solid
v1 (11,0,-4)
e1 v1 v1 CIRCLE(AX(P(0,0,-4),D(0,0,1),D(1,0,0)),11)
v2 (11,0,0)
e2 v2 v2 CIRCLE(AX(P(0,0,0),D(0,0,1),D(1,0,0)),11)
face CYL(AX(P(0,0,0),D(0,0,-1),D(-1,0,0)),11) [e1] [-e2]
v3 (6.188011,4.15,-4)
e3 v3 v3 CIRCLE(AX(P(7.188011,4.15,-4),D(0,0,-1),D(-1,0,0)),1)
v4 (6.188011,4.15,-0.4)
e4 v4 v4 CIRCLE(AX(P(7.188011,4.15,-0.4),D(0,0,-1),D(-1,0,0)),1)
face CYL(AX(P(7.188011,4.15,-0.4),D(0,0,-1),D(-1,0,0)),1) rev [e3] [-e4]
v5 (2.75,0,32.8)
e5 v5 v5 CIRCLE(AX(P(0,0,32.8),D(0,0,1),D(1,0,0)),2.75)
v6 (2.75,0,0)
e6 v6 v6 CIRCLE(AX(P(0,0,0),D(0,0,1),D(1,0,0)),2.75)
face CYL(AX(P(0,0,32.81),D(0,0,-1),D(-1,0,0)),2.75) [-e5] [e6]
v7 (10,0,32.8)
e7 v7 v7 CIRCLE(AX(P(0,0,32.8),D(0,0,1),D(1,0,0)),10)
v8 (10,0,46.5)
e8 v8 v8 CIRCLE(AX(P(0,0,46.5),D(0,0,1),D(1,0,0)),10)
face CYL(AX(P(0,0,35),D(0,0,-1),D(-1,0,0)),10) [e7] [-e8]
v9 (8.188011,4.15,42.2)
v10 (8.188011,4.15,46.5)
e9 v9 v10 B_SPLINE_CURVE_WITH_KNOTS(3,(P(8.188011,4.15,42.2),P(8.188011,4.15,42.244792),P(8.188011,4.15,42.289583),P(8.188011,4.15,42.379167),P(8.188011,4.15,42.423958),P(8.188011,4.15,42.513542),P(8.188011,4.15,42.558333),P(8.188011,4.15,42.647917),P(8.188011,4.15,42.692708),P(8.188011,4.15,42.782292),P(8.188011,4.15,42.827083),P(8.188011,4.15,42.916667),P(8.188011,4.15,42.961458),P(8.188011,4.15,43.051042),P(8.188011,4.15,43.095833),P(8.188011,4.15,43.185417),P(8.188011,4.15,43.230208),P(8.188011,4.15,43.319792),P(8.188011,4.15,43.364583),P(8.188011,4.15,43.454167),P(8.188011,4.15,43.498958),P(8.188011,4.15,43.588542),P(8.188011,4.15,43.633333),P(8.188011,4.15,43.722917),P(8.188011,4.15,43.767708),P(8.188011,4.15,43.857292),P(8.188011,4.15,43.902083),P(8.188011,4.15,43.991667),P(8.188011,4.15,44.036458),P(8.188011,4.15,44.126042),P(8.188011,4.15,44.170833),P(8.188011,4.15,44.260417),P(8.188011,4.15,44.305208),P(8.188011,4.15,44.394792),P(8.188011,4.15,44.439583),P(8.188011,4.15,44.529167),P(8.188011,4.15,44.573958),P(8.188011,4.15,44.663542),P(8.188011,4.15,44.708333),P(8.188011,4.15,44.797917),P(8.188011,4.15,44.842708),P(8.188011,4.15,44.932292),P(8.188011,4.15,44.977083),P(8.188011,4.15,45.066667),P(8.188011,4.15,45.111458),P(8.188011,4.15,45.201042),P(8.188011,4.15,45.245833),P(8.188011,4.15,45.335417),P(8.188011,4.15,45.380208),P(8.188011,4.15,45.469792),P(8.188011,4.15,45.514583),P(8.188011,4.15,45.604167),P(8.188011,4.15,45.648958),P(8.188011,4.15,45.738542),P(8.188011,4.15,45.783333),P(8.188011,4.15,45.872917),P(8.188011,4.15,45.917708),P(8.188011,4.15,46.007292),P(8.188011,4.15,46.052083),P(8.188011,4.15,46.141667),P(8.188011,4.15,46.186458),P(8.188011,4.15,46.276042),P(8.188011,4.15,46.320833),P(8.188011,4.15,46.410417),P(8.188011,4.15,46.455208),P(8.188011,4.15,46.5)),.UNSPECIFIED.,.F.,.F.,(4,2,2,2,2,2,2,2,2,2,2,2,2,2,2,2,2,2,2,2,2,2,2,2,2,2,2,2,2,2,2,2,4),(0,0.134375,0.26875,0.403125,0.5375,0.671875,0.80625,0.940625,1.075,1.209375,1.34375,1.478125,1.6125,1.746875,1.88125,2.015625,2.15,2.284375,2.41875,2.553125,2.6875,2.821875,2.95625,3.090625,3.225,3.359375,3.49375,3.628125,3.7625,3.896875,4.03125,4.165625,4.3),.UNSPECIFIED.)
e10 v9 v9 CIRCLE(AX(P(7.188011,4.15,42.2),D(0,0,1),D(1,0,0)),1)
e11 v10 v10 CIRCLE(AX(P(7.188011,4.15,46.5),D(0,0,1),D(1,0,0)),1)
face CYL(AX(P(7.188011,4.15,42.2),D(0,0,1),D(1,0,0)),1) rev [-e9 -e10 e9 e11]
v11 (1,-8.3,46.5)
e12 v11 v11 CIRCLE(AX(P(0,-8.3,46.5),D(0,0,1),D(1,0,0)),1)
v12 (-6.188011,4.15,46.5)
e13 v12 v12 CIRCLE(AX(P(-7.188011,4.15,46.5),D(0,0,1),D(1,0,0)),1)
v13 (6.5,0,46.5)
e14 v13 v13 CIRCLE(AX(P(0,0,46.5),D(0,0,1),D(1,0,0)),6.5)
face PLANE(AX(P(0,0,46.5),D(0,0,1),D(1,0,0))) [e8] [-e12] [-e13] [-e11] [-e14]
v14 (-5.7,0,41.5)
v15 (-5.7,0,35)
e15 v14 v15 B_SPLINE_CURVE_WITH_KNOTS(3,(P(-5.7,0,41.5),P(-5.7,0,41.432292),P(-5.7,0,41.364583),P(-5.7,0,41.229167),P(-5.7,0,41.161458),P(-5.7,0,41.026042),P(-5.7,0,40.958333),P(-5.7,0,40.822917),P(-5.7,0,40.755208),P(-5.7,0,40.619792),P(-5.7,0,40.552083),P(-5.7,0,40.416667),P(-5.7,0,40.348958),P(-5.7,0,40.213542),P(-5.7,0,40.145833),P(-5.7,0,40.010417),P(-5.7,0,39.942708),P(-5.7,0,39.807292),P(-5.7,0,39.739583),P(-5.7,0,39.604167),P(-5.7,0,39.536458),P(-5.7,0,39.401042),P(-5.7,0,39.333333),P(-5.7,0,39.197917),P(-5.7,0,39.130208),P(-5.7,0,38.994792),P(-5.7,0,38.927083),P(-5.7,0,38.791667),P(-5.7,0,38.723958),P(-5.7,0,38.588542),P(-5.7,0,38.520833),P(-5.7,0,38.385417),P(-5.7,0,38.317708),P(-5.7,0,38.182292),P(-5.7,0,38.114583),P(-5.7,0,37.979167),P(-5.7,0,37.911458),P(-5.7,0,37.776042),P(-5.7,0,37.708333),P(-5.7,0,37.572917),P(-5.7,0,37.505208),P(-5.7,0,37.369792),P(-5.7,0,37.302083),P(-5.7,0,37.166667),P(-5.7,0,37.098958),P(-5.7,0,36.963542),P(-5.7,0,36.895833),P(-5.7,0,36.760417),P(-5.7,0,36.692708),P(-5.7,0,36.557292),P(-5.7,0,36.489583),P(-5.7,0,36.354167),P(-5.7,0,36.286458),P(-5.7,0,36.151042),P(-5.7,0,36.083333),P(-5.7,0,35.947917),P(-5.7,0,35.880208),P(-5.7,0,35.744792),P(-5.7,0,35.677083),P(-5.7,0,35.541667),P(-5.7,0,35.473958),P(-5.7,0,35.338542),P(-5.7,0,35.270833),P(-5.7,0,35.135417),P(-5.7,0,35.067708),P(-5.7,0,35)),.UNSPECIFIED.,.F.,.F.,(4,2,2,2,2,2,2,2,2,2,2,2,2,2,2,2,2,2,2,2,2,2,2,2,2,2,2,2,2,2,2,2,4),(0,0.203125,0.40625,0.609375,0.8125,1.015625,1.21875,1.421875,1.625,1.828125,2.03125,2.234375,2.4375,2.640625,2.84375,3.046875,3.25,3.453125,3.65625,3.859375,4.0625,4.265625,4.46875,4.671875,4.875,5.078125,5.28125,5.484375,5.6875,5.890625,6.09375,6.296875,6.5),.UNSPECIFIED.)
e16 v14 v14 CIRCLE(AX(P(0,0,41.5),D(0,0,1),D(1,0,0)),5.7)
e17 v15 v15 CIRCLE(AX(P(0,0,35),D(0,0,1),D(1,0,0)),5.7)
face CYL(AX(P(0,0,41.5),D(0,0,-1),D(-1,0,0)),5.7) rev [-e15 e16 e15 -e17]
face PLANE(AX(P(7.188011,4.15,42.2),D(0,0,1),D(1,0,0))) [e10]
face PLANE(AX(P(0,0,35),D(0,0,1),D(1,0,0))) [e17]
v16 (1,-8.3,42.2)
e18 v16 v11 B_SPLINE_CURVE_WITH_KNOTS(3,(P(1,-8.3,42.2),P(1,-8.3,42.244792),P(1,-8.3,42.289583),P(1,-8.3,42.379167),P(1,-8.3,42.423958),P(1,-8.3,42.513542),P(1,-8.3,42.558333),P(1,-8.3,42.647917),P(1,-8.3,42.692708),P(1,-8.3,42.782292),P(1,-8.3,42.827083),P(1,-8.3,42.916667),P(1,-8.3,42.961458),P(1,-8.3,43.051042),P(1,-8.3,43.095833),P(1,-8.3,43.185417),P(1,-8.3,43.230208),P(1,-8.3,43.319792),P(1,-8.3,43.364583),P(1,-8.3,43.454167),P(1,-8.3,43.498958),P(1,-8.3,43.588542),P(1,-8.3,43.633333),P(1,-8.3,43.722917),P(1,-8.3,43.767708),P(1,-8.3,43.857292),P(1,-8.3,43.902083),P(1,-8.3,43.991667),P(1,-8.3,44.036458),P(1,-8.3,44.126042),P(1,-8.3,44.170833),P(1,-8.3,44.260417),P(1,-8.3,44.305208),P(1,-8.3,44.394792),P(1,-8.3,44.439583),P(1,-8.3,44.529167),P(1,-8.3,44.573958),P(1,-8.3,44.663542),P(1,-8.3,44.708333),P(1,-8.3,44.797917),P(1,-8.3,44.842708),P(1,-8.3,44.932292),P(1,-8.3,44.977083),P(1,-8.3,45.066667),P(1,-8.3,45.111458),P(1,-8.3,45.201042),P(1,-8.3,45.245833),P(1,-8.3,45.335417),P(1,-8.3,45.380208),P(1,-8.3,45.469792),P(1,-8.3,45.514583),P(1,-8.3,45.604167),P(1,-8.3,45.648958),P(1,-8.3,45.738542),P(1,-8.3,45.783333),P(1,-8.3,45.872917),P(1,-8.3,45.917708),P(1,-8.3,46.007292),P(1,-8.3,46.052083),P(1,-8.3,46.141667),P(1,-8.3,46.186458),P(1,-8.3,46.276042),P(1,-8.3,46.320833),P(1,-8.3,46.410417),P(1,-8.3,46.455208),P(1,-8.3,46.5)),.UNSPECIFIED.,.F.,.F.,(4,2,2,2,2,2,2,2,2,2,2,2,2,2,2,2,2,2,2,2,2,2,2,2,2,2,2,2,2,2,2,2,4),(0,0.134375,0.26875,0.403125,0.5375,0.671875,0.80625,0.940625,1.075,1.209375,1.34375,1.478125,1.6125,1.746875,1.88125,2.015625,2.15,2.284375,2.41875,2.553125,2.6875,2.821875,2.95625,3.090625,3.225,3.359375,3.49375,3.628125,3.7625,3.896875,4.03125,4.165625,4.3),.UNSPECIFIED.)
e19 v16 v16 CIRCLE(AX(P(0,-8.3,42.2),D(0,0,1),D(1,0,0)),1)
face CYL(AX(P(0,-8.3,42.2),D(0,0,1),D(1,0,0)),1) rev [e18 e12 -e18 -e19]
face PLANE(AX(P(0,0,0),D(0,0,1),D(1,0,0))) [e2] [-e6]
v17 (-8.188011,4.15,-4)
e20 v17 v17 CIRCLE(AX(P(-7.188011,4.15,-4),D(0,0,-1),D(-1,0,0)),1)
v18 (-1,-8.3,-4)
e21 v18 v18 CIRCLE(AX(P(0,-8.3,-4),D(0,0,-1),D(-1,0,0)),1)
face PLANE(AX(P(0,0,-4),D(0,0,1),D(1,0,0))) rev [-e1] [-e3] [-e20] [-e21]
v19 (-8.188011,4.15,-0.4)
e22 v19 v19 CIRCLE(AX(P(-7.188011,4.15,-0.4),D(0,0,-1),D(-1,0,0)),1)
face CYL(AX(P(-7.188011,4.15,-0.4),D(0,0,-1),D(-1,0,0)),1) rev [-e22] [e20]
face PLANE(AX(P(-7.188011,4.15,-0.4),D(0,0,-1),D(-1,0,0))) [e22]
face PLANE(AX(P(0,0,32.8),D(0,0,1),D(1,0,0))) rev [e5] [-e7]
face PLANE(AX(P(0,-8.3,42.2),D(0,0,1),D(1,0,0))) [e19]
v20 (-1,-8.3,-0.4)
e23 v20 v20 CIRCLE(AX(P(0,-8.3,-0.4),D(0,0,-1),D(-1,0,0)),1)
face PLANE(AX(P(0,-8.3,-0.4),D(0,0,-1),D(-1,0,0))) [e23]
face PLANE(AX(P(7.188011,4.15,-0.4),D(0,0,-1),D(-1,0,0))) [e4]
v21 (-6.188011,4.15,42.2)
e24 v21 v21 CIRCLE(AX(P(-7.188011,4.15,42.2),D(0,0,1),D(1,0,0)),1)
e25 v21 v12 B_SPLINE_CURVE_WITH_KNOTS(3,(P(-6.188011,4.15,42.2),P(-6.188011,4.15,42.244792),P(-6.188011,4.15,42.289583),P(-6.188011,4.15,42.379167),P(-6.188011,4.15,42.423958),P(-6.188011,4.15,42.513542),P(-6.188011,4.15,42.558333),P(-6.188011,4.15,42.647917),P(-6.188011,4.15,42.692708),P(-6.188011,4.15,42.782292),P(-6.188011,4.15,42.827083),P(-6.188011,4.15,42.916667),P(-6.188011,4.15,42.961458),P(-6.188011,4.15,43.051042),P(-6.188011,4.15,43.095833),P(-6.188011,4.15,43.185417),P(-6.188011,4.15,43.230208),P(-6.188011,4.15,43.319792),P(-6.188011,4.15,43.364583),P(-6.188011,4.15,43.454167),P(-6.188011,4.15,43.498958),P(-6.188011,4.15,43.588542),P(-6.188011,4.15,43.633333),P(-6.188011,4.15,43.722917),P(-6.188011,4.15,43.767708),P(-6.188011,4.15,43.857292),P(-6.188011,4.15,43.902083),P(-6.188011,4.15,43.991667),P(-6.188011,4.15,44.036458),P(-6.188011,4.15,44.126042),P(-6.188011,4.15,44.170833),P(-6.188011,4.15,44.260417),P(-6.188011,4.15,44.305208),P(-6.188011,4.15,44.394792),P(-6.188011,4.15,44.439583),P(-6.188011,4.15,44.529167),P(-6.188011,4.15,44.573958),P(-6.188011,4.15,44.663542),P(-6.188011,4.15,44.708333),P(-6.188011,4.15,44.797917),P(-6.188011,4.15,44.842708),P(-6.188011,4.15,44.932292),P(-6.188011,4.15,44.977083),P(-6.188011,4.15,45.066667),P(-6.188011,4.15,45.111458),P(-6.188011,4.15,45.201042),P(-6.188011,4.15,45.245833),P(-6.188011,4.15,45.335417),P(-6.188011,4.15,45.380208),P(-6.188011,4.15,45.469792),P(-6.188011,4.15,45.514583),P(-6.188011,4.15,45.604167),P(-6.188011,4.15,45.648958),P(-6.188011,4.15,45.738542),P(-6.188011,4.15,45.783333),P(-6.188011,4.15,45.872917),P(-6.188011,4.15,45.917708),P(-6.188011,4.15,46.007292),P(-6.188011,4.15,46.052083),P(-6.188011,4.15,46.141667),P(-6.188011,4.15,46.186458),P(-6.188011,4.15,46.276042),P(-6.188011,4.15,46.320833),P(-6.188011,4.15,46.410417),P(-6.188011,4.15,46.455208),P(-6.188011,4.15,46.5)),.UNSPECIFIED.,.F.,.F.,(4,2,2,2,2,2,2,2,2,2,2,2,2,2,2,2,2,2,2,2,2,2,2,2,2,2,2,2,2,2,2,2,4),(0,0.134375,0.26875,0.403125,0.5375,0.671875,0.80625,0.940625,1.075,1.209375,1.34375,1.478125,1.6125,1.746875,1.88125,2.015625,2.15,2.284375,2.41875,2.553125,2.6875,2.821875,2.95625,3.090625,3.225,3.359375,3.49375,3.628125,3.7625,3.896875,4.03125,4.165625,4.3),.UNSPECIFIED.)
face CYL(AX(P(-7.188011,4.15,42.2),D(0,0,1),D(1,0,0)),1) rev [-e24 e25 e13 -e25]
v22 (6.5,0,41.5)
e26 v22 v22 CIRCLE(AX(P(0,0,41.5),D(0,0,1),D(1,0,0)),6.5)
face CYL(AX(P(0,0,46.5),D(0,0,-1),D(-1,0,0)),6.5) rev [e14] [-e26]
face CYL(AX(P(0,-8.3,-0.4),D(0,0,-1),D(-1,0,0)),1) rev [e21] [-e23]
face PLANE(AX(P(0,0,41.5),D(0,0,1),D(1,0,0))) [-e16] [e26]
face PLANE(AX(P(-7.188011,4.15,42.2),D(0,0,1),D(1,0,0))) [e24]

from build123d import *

# Parameters (mm, degrees)
MOUNTING_FLANGE_START                          = -4
SKETCH1_R                                      = 11
MOUNTING_FLANGE_DEPTH                          = 4
SKETCH2_R                                      = 2.75
D5P5_CENTRAL_POST_DEPTH                        = 32.81
CLOSED_FLOOR_BELOW_SHAFT_NOSE_START            = 32.8
SKETCH3_R                                      = 10
CLOSED_FLOOR_BELOW_SHAFT_NOSE_DEPTH            = 2.2
SHAFT_AND_CLIP_CLEARANCE_START                 = 35
SKETCH4_R                                      = 10
SKETCH4_R_2                                    = 5.7
SHAFT_AND_CLIP_CLEARANCE_DEPTH                 = 6.5
LOWER_686ZZ_SEAT_START                         = 41.5
SKETCH5_R                                      = 10
SKETCH5_R_2                                    = 6.5
LOWER_686ZZ_SEAT_DEPTH                         = 5
SKETCH6_R                                      = 1
BASE_THREE_M2_BLIND_THREAD_MAJOR_ENVELOP_DEPTH = 3.6
TOP_CAP_THREE_M2_BLIND_THREAD_MAJOR_ENVE_START = -4.3
SKETCH7_R                                      = 1
TOP_CAP_THREE_M2_BLIND_THREAD_MAJOR_ENVE_DEPTH = 4.3


with BuildPart() as part:
    # Sketch1 → Mounting_Flange (new body)
    with BuildSketch(Plane.XY.offset(MOUNTING_FLANGE_START)):
        Circle(SKETCH1_R)
    extrude(amount=MOUNTING_FLANGE_DEPTH)

    # Sketch2 → D5p5_Central_Post (add)
    with BuildSketch(Plane.XY):
        Circle(SKETCH2_R)
    extrude(amount=D5P5_CENTRAL_POST_DEPTH)

    # Sketch3 → Closed_Floor_Below_Shaft_Nose (add)
    with BuildSketch(Plane.XY.offset(CLOSED_FLOOR_BELOW_SHAFT_NOSE_START)):
        Circle(SKETCH3_R)
    extrude(amount=CLOSED_FLOOR_BELOW_SHAFT_NOSE_DEPTH)

    # Sketch4 → Shaft_And_Clip_Clearance (add)
    with BuildSketch(Plane.XY.offset(SHAFT_AND_CLIP_CLEARANCE_START)):
        Circle(SKETCH4_R)
        with Locations(Location((0, 0, 0), (0, 0, 180))):
            Circle(SKETCH4_R_2, mode=Mode.SUBTRACT)
    extrude(amount=SHAFT_AND_CLIP_CLEARANCE_DEPTH)

    # Sketch5 → Lower_686ZZ_Seat (add)
    with BuildSketch(Plane.XY.offset(LOWER_686ZZ_SEAT_START)):
        Circle(SKETCH5_R)
        Circle(SKETCH5_R_2, mode=Mode.SUBTRACT)
    extrude(amount=LOWER_686ZZ_SEAT_DEPTH)

    # Sketch6 → Base_Three_M2_Blind_Thread_Major_Envelopes (cut)
    with BuildSketch(Plane(origin=(0, 0, -4), x_dir=(-1, 0, 0), z_dir=(0, 0, -1))):
        with Locations((-7.188010851, 4.15)):
            Circle(SKETCH6_R)
        with Locations((7.188010851, 4.15)):
            Circle(SKETCH6_R)
        with Locations((0, -8.3)):
            Circle(SKETCH6_R)
    extrude(amount=-BASE_THREE_M2_BLIND_THREAD_MAJOR_ENVELOP_DEPTH, mode=Mode.SUBTRACT)

    # Sketch7 → Top_Cap_Three_M2_Blind_Thread_Major_Envelopes (cut)
    with BuildSketch(Plane.XY.offset(46.5).offset(TOP_CAP_THREE_M2_BLIND_THREAD_MAJOR_ENVE_START)):
        with Locations(Location((7.188010851, 4.15, 0), (0, 0, 180))):
            Circle(SKETCH7_R)
        with Locations(Location((-7.188010851, 4.15, 0), (0, 0, 180))):
            Circle(SKETCH7_R)
        with Locations(Location((0, -8.3, 0), (0, 0, 180))):
            Circle(SKETCH7_R)
    extrude(amount=TOP_CAP_THREE_M2_BLIND_THREAD_MAJOR_ENVE_DEPTH, mode=Mode.SUBTRACT)


solid = part.part
